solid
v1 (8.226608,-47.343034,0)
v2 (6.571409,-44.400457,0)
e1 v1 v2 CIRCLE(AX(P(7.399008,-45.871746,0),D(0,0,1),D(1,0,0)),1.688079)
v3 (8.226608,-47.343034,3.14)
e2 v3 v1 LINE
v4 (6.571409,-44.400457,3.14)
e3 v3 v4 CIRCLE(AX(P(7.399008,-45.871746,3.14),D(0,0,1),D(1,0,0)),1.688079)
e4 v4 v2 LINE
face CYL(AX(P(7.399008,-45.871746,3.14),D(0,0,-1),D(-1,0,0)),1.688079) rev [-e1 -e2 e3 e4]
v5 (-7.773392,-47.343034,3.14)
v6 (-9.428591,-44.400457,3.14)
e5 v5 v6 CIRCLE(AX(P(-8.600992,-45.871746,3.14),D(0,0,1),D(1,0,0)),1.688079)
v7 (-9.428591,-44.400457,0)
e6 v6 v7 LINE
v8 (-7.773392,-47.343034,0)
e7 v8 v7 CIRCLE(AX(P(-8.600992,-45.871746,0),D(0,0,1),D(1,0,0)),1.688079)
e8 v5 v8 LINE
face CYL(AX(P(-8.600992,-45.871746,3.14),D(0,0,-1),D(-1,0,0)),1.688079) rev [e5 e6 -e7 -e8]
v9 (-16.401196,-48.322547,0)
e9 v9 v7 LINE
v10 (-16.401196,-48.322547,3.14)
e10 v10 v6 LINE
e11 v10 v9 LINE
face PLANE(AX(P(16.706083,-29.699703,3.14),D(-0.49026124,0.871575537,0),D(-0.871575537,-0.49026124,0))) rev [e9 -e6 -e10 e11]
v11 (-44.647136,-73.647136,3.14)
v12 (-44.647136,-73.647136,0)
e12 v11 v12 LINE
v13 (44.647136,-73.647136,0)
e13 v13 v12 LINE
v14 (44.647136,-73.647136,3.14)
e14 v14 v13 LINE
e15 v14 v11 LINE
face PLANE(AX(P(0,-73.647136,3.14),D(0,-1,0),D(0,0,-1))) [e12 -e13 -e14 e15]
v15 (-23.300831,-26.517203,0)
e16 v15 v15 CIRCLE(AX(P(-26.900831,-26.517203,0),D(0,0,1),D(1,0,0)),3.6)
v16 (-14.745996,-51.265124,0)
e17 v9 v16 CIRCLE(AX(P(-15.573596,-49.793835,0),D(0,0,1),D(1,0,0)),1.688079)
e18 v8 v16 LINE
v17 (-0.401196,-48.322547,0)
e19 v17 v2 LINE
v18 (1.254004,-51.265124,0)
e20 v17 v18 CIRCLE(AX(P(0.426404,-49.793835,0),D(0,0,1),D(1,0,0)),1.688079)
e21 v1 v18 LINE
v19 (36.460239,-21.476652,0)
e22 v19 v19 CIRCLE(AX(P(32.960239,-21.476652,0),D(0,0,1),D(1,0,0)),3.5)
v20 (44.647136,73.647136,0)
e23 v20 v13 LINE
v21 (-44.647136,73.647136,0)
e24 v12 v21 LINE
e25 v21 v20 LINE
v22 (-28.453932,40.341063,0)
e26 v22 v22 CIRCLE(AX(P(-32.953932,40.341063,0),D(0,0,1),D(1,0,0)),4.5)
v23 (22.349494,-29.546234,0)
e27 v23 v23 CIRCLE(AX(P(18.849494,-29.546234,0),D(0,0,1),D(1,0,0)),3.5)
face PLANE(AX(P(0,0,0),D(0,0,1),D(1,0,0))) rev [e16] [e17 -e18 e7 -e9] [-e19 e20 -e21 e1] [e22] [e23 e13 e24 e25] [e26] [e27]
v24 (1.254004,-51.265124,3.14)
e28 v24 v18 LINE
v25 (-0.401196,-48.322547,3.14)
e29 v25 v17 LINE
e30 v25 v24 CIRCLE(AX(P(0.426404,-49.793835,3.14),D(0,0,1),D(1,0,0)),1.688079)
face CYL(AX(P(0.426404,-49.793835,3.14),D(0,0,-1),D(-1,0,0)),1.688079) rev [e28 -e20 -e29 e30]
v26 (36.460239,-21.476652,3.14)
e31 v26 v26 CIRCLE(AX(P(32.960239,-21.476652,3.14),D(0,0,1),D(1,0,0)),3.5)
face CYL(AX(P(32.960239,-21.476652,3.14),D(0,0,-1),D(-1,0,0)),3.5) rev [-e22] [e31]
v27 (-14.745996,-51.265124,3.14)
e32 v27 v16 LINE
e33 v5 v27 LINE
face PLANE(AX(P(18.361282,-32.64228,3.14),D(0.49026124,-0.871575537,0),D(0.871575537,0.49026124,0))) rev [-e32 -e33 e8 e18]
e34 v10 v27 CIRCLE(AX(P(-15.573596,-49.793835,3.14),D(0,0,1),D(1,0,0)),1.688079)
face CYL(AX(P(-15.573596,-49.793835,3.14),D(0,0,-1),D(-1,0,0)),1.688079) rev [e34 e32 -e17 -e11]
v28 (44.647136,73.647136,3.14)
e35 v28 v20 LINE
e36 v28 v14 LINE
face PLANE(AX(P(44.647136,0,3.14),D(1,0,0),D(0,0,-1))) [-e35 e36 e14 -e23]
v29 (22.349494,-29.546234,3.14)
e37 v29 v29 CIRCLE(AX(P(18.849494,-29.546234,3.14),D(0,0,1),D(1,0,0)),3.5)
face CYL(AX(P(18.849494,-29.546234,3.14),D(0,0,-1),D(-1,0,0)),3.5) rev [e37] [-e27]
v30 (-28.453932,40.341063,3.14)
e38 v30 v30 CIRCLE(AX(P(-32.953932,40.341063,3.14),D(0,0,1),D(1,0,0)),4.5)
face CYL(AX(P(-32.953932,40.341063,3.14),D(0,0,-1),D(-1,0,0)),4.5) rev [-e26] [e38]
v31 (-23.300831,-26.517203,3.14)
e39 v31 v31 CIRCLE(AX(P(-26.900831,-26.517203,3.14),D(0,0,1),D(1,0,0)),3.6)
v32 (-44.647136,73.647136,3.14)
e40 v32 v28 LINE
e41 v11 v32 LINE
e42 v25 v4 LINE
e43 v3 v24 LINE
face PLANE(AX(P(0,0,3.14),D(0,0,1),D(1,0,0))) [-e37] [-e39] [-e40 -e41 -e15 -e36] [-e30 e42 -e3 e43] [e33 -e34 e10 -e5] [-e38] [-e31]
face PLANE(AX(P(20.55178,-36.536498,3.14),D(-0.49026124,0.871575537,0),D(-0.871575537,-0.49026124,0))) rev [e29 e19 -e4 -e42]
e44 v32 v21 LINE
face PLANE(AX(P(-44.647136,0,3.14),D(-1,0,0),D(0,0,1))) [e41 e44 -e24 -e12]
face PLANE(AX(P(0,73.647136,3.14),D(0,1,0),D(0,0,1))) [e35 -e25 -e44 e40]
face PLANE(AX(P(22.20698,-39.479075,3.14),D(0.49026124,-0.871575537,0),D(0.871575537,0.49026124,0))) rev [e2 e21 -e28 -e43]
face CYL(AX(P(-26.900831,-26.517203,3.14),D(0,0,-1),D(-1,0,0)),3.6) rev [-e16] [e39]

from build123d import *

# Parameters (mm, degrees)
SKETCH1_R           = 3.6
SKETCH1_R_2         = 3.5
SKETCH1_R_3         = 4.5
BOSS_EXTRUDE1_DEPTH = 3.14


with BuildPart() as part:
    # Sketch1 → Boss-Extrude1 (new body)
    # profile 1 of 10: a face of its own
    with BuildSketch(Plane.XY):
        with BuildLine():
            Line((38.651827519, 73.647136153), (-26.230787773, 73.647136153))
            Line((-26.230787773, 73.647136153), (-41.648963672, 73.647136153))
            add(Edge.make_bspline(
                [(-41.648963672, 73.647136153), (-44.643488897, 73.643488897), (-44.647136153, 70.648963672)],
                knots=[3.927599805, 3.927599805, 3.927599805, 5.497178156, 5.497178156, 5.497178156], degree=2, weights=[1, 0.707537269, 1]))
            Line((-44.647136153, 70.648963672), (-44.647136153, -70.648963672))
            add(Edge.make_bspline(
                [(-44.647136153, -70.648963672), (-44.643488897, -73.643488897), (-41.648963672, -73.647136153)],
                knots=[3.927599805, 3.927599805, 3.927599805, 5.497178156, 5.497178156, 5.497178156], degree=2, weights=[1, 0.707537269, 1]))
            Line((-41.648963672, -73.647136153), (27.093393639, -73.647136153))
            add(Edge.make_bspline(
                [(44.647136153, -54.550700861), (44.629350083, -55.622608831), (44.523578432, -56.687840097), (44.215717336, -58.366181711), (44.071515423, -58.983678353), (43.719242041, -60.213836545), (43.51280516, -60.820227412), (42.807525079, -62.600781834), (42.22206304, -63.742215888), (41.337337041, -65.108539745), (41.152542037, -65.37883334), (40.771685792, -65.906986664), (40.57512321, -66.165654002), (39.967232089, -66.92560473), (39.108255703, -67.89614606), (38.152323748, -68.781197278), (37.146406736, -69.622175477), (36.615243643, -70.022491506), (34.981146078, -71.128530207), (33.83112161, -71.747972893), (32.318701378, -72.376617626), (32.012437216, -72.49499434), (31.392225647, -72.716804064), (31.077608459, -72.820394039), (30.133341911, -73.105042114), (29.500121034, -73.261325902), (28.276366882, -73.499851982), (27.686391293, -73.587126278), (27.093393639, -73.647136153)],
                knots=[0.018260035, 0.018260035, 0.018260035, 0.018260035, 0.125, 0.125, 0.1875, 0.1875, 0.25, 0.25, 0.375, 0.375, 0.40625, 0.40625, 0.4375, 0.4375, 0.5, 0.5625, 0.5625, 0.625, 0.625, 0.75, 0.75, 0.78125, 0.78125, 0.8125, 0.8125, 0.875, 0.875, 0.932610516, 0.932610516, 0.932610516, 0.932610516], degree=3))
            Line((44.647136153, -54.550700861), (44.647136153, -53.896039233))
            Line((44.647136153, -53.896039233), (44.647136153, 22.020325098))
            ThreePointArc((44.647136153, 22.020325098), (42.730516554, 17.699527097), (39.139308268, 14.626100819))
            Line((39.139308268, 14.626100819), (39.139308268, 13.683084381))
            ThreePointArc((39.139308268, 13.683084381), (36.430045993, 7.142346655), (29.889308268, 4.433084381))
            Line((29.889308268, 4.433084381), (-36.027217939, 4.433084381))
            ThreePointArc((-36.027217939, 4.433084381), (-37.794984892, 5.165317428), (-38.527217939, 6.933084381))
            Line((-38.527217939, 6.933084381), (-38.527217939, 60.005147218))
            ThreePointArc((-38.527217939, 60.005147218), (-37.794984892, 61.772914171), (-36.027217939, 62.505147218))
            Line((-36.027217939, 62.505147218), (36.639308268, 62.505147218))
            ThreePointArc((36.639308268, 62.505147218), (38.40707522, 61.772914171), (39.139308268, 60.005147218))
            Line((39.139308268, 60.005147218), (39.139308268, 33.556674407))
            ThreePointArc((39.139308268, 33.556674407), (42.730516554, 30.483248128), (44.647136153, 26.162450128))
            Line((44.647136153, 26.162450128), (44.647136153, 67.670503394))
            Line((44.647136153, 67.670503394), (44.647136153, 70.648963672))
            add(Edge.make_bspline(
                [(44.647136153, 70.648963672), (44.643488897, 73.643488897), (41.648963672, 73.647136153)],
                knots=[3.927599805, 3.927599805, 3.927599805, 5.497178156, 5.497178156, 5.497178156], degree=2, weights=[1, 0.707537269, 1]))
            Line((41.648963672, 73.647136153), (38.651827519, 73.647136153))
        make_face()
        with BuildLine():
            ThreePointArc((-14.745996033, -51.265124074), (-17.044884469, -50.621435312), (-16.401195707, -48.322546875))
            Line((-16.401195707, -48.322546875), (-9.42859141, -44.400456958))
            ThreePointArc((-9.42859141, -44.400456958), (-7.129702973, -45.04414572), (-7.773391736, -47.343034157))
            Line((-7.773391736, -47.343034157), (-14.745996033, -51.265124074))
        make_face(mode=Mode.SUBTRACT)
        with Locations((-26.900831216, -26.517202566)):
            Circle(SKETCH1_R, mode=Mode.SUBTRACT)
        with BuildLine():
            ThreePointArc((1.254003967, -51.265124074), (-1.044884469, -50.621435312), (-0.401195707, -48.322546875))
            Line((-0.401195707, -48.322546875), (6.57140859, -44.400456958))
            ThreePointArc((6.57140859, -44.400456958), (8.870297027, -45.04414572), (8.226608264, -47.343034157))
            Line((8.226608264, -47.343034157), (1.254003967, -51.265124074))
        make_face(mode=Mode.SUBTRACT)
        with Locations((18.849494268, -29.546234455)):
            Circle(SKETCH1_R_2, mode=Mode.SUBTRACT)
        with Locations((32.960239, -21.476652312)):
            Circle(SKETCH1_R_2, mode=Mode.SUBTRACT)
    # profile 2 of 10: a face of its own
    with BuildSketch(Plane.XY):
        with BuildLine():
            add(Edge.make_bspline(
                [(-41.648963672, 73.647136153), (-44.643488897, 73.643488897), (-44.647136153, 70.648963672)],
                knots=[3.927599805, 3.927599805, 3.927599805, 5.497178156, 5.497178156, 5.497178156], degree=2, weights=[1, 0.707537269, 1]))
            Line((-41.648963672, 73.647136153), (-44.647136153, 73.647136153))
            Line((-44.647136153, 73.647136153), (-44.647136153, 70.648963672))
        make_face()
    # profile 3 of 10: a face of its own
    with BuildSketch(Plane.XY):
        with BuildLine():
            Line((44.647136153, 73.647136153), (41.648963672, 73.647136153))
            add(Edge.make_bspline(
                [(44.647136153, 70.648963672), (44.643488897, 73.643488897), (41.648963672, 73.647136153)],
                knots=[3.927599805, 3.927599805, 3.927599805, 5.497178156, 5.497178156, 5.497178156], degree=2, weights=[1, 0.707537269, 1]))
            Line((44.647136153, 70.648963672), (44.647136153, 73.647136153))
        make_face()
    # profile 4 of 10: a face of its own
    with BuildSketch(Plane.XY):
        with BuildLine():
            add(Edge.make_bspline(
                [(-44.647136153, -70.648963672), (-44.643488897, -73.643488897), (-41.648963672, -73.647136153)],
                knots=[3.927599805, 3.927599805, 3.927599805, 5.497178156, 5.497178156, 5.497178156], degree=2, weights=[1, 0.707537269, 1]))
            Line((-44.647136153, -70.648963672), (-44.647136153, -73.647136153))
            Line((-44.647136153, -73.647136153), (-41.648963672, -73.647136153))
        make_face()
    # profile 5 of 10: a face of its own
    with BuildSketch(Plane.XY):
        with BuildLine():
            Line((44.647136153, 22.020325098), (44.647136153, 26.162450128))
            ThreePointArc((44.647136153, 26.162450128), (42.730516554, 30.483248128), (39.139308268, 33.556674407))
            Line((39.139308268, 33.556674407), (39.139308268, 14.626100819))
            ThreePointArc((39.139308268, 14.626100819), (42.730516554, 17.699527097), (44.647136153, 22.020325098))
        make_face()
    # profile 6 of 10: a face of its own
    with BuildSketch(Plane.XY):
        with BuildLine():
            add(Edge.make_bspline(
                [(44.647136153, -54.550700861), (44.629350083, -55.622608831), (44.523578432, -56.687840097), (44.215717336, -58.366181711), (44.071515423, -58.983678353), (43.719242041, -60.213836545), (43.51280516, -60.820227412), (42.807525079, -62.600781834), (42.22206304, -63.742215888), (41.337337041, -65.108539745), (41.152542037, -65.37883334), (40.771685792, -65.906986664), (40.57512321, -66.165654002), (39.967232089, -66.92560473), (39.108255703, -67.89614606), (38.152323748, -68.781197278), (37.146406736, -69.622175477), (36.615243643, -70.022491506), (34.981146078, -71.128530207), (33.83112161, -71.747972893), (32.318701378, -72.376617626), (32.012437216, -72.49499434), (31.392225647, -72.716804064), (31.077608459, -72.820394039), (30.133341911, -73.105042114), (29.500121034, -73.261325902), (28.276366882, -73.499851982), (27.686391293, -73.587126278), (27.093393639, -73.647136153)],
                knots=[0.018260035, 0.018260035, 0.018260035, 0.018260035, 0.125, 0.125, 0.1875, 0.1875, 0.25, 0.25, 0.375, 0.375, 0.40625, 0.40625, 0.4375, 0.4375, 0.5, 0.5625, 0.5625, 0.625, 0.625, 0.75, 0.75, 0.78125, 0.78125, 0.8125, 0.8125, 0.875, 0.875, 0.932610516, 0.932610516, 0.932610516, 0.932610516], degree=3))
            Line((27.093393639, -73.647136153), (44.647136153, -73.647136153))
            Line((44.647136153, -73.647136153), (44.647136153, -54.550700861))
        make_face()
    # profile 7 of 10: a face of its own
    with BuildSketch(Plane.XY):
        with BuildLine():
            ThreePointArc((24.922228065, 29.508743732), (31.21939997, 34.382384037), (39.139308268, 33.556674407))
            Line((39.139308268, 33.556674407), (39.139308268, 60.005147218))
            ThreePointArc((39.139308268, 60.005147218), (38.40707522, 61.772914171), (36.639308268, 62.505147218))
            Line((36.639308268, 62.505147218), (-36.027217939, 62.505147218))
            ThreePointArc((-36.027217939, 62.505147218), (-37.794984892, 61.772914171), (-38.527217939, 60.005147218))
            Line((-38.527217939, 60.005147218), (-38.527217939, 6.933084381))
            ThreePointArc((-38.527217939, 6.933084381), (-37.794984892, 5.165317428), (-36.027217939, 4.433084381))
            Line((-36.027217939, 4.433084381), (29.889308268, 4.433084381))
            ThreePointArc((29.889308268, 4.433084381), (36.430045993, 7.142346655), (39.139308268, 13.683084381))
            Line((39.139308268, 13.683084381), (39.139308268, 14.626100819))
            ThreePointArc((39.139308268, 14.626100819), (31.21939997, 13.800391189), (24.922228065, 18.674031494))
            Line((24.922228065, 18.674031494), (24.922228065, 10.28797778))
            Line((24.922228065, 10.28797778), (-25.167870173, 10.28797778))
            Line((-25.167870173, 10.28797778), (-25.167870173, 56.21628744))
            Line((-25.167870173, 56.21628744), (24.922228065, 56.21628744))
            Line((24.922228065, 56.21628744), (24.922228065, 29.508743732))
        make_face()
        with Locations((-32.953932198, 40.341063425)):
            Circle(SKETCH1_R_3, mode=Mode.SUBTRACT)
    # profile 8 of 10: a face of its own
    with BuildSketch(Plane.XY):
        with BuildLine():
            Line((39.139308268, 14.626100819), (39.139308268, 33.556674407))
            ThreePointArc((39.139308268, 33.556674407), (31.21939997, 34.382384037), (24.922228065, 29.508743732))
            Line((24.922228065, 29.508743732), (24.922228065, 18.674031494))
            ThreePointArc((24.922228065, 18.674031494), (31.21939997, 13.800391189), (39.139308268, 14.626100819))
        make_face()
    # profile 9 of 10: a face of its own
    with BuildSketch(Plane.XY):
        with BuildLine():
            ThreePointArc((24.922228065, 18.674031494), (23.449484032, 24.091387613), (24.922228065, 29.508743732))
            Line((24.922228065, 29.508743732), (24.922228065, 56.21628744))
            Line((24.922228065, 56.21628744), (-25.167870173, 56.21628744))
            Line((-25.167870173, 56.21628744), (-25.167870173, 10.28797778))
            Line((-25.167870173, 10.28797778), (24.922228065, 10.28797778))
            Line((24.922228065, 10.28797778), (24.922228065, 18.674031494))
        make_face()
    # profile 10 of 10: a face of its own
    with BuildSketch(Plane.XY):
        with BuildLine():
            Line((24.922228065, 18.674031494), (24.922228065, 29.508743732))
            ThreePointArc((24.922228065, 29.508743732), (23.449484032, 24.091387613), (24.922228065, 18.674031494))
        make_face()
    extrude(amount=BOSS_EXTRUDE1_DEPTH)


solid = part.part
